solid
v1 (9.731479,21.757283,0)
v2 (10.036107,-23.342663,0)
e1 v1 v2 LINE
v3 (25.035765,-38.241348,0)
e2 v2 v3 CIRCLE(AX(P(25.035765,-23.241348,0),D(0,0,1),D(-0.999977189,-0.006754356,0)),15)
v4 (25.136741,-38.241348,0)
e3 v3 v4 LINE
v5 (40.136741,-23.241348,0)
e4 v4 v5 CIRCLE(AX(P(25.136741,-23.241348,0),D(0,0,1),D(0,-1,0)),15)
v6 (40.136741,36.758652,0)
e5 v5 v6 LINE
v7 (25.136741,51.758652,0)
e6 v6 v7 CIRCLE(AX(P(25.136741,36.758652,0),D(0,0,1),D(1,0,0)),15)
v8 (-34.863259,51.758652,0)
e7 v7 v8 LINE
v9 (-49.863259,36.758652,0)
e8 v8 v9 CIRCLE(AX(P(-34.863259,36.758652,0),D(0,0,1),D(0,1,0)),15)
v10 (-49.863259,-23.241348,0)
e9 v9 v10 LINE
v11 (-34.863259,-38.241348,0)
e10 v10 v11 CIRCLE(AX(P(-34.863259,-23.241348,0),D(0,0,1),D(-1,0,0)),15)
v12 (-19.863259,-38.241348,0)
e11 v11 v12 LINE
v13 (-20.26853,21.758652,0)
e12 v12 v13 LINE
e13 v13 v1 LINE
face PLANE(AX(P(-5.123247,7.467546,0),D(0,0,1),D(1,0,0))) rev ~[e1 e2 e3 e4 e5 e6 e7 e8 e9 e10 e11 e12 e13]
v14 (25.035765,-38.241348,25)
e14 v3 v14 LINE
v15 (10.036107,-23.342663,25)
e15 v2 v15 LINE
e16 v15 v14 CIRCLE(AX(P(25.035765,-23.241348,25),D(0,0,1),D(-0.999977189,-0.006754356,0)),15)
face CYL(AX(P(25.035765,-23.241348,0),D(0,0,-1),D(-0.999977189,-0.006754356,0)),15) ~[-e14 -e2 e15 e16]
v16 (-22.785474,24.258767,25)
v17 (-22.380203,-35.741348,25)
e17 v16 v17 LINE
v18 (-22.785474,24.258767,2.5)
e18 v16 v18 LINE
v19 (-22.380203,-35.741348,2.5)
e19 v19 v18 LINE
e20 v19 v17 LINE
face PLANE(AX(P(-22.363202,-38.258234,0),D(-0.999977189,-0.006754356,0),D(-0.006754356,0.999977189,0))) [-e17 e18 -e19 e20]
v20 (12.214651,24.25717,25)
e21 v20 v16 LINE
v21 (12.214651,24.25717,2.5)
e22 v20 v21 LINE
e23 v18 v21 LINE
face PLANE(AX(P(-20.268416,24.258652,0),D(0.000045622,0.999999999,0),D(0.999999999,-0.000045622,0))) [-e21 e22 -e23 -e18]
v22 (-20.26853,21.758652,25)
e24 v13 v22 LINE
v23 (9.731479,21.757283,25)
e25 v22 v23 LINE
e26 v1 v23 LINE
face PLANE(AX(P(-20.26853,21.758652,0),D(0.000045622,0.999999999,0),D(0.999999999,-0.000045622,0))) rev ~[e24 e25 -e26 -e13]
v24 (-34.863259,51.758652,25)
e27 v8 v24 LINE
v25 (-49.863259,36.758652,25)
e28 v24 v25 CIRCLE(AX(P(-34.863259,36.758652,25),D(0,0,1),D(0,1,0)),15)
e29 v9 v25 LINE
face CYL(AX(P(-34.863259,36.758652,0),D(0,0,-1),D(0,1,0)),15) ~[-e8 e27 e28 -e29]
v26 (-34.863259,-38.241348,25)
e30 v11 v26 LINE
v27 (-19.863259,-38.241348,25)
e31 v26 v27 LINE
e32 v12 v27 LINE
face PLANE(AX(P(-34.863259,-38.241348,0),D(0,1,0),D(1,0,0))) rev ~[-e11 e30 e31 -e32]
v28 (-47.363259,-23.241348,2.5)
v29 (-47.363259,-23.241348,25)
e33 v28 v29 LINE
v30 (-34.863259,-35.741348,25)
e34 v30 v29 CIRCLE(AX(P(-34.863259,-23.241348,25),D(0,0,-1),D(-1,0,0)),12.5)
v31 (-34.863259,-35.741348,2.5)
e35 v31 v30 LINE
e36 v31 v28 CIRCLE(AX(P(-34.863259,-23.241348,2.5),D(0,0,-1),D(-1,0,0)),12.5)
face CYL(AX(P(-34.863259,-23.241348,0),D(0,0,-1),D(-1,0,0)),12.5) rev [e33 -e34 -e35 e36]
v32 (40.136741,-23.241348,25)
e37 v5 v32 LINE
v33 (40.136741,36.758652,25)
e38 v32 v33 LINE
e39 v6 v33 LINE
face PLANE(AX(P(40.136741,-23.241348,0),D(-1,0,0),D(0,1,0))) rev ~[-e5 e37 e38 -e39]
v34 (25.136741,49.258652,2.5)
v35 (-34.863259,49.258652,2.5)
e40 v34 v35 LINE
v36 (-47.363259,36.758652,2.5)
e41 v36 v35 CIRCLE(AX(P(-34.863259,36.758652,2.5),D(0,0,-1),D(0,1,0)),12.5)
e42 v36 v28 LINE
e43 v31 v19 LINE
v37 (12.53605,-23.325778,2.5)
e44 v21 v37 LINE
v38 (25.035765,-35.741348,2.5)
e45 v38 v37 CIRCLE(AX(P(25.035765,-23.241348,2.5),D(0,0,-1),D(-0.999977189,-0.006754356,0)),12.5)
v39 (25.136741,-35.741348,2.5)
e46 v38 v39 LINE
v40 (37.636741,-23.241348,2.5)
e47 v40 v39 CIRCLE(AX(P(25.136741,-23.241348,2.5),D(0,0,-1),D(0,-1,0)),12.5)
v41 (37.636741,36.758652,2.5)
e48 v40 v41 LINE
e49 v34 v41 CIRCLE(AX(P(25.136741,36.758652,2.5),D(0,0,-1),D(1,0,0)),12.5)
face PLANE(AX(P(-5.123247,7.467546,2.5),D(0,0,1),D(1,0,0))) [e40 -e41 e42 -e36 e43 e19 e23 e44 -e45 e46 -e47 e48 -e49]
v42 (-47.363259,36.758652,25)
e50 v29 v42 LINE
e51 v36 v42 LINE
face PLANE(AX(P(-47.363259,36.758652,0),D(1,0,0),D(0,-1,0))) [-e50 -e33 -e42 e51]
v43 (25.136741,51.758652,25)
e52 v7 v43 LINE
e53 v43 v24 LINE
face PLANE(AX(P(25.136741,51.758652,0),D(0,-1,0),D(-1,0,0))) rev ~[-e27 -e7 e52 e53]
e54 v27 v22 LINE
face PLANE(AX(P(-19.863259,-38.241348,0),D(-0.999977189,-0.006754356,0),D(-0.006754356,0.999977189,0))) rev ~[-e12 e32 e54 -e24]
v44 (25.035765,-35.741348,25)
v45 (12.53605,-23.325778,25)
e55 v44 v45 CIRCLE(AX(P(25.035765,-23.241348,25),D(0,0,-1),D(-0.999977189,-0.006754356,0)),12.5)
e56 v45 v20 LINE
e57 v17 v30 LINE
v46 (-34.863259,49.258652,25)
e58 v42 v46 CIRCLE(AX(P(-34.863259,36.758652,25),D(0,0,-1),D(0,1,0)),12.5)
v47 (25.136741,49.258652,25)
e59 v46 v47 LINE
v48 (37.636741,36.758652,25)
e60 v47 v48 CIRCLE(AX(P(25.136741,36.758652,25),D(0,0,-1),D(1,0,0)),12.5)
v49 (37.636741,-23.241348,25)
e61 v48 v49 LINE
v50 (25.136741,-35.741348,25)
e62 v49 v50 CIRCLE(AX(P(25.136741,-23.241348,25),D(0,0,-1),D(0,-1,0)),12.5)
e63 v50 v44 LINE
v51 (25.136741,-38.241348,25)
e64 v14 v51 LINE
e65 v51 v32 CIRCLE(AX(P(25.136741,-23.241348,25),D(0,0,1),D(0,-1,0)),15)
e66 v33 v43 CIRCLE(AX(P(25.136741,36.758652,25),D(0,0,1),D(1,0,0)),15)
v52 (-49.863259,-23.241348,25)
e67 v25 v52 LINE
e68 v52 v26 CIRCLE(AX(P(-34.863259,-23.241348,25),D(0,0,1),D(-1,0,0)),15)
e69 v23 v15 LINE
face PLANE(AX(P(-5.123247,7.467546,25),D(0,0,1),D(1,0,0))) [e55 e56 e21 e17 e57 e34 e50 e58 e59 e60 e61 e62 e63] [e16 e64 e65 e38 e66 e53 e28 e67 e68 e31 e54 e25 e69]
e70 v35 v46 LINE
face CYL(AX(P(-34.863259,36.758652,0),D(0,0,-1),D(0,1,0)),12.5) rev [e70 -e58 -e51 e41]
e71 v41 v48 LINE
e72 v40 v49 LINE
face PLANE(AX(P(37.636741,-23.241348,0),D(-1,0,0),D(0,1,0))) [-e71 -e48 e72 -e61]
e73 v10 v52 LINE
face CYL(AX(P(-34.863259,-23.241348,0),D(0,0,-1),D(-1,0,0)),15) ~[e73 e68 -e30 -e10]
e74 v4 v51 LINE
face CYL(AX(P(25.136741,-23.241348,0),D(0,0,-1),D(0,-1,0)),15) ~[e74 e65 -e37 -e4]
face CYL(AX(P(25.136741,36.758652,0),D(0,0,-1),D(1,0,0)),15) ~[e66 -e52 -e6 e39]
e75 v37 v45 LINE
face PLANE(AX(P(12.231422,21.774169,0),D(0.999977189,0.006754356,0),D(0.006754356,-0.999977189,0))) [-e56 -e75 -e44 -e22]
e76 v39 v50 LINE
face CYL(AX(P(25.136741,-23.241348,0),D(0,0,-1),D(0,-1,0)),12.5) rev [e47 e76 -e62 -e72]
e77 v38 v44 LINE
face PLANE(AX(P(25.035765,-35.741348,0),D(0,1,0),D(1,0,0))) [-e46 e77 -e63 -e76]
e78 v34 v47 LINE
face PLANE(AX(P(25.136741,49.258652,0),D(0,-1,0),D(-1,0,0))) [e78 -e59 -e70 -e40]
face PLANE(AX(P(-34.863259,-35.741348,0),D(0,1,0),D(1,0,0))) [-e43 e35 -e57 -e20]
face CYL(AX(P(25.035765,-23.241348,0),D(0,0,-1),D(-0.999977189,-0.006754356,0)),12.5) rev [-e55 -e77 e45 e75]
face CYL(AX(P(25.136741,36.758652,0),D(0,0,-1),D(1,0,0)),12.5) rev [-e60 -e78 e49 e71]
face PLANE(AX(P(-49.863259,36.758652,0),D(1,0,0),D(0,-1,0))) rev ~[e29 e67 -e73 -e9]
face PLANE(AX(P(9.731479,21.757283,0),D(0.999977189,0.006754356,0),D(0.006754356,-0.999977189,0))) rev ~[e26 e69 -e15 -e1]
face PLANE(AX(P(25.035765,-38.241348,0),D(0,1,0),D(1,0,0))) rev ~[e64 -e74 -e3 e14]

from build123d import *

# Parameters (mm, degrees)
F1_DEPTH = 25
F2_T     = -2.5


with BuildPart() as f1:
    # F0 (on Top) → F1 (new body)
    with BuildSketch(Plane.XY):
        with BuildLine():
            Line((25.1367406175, 51.758651932), (-34.8632593825, 51.758651932))
            ThreePointArc((-34.8632593825, 51.758651932), (-45.4698611003, 47.3652536497), (-49.8632593825, 36.758651932))
            Line((-49.8632593825, 36.758651932), (-49.8632593825, -23.241348068))
            ThreePointArc((-49.8632593825, -23.241348068), (-45.4698611003, -33.8479497858), (-34.8632593825, -38.241348068))
            Line((-34.8632593825, -38.241348068), (-19.8632593825, -38.241348068))
            Line((-19.8632593825, -38.241348068), (-20.2685299888, 21.758651932))
            Line((-20.2685299888, 21.758651932), (9.7314792558, 21.7572832766))
            Line((9.7314792558, 21.7572832766), (10.0361073014, -23.3426634085))
            ThreePointArc((10.0361073014, -23.3426634085), (14.4650444929, -33.8837098855), (25.0357651375, -38.241348068))
            Line((25.0357651375, -38.241348068), (25.1367406175, -38.241348068))
            ThreePointArc((25.1367406175, -38.241348068), (35.7433423353, -33.8479497858), (40.1367406175, -23.241348068))
            Line((40.1367406175, -23.241348068), (40.1367406175, 36.758651932))
            ThreePointArc((40.1367406175, 36.758651932), (35.7433423353, 47.3652536497), (25.1367406175, 51.758651932))
        make_face()
    extrude(amount=F1_DEPTH)

    # F2
    f2_openings = [f1.faces().sort_by_distance(p)[0] for p in [
        (-4.863259, 50.48586, 25),
    ]]
    offset(amount=F2_T, openings=f2_openings, kind=Kind.INTERSECTION)


solid = f1.part
